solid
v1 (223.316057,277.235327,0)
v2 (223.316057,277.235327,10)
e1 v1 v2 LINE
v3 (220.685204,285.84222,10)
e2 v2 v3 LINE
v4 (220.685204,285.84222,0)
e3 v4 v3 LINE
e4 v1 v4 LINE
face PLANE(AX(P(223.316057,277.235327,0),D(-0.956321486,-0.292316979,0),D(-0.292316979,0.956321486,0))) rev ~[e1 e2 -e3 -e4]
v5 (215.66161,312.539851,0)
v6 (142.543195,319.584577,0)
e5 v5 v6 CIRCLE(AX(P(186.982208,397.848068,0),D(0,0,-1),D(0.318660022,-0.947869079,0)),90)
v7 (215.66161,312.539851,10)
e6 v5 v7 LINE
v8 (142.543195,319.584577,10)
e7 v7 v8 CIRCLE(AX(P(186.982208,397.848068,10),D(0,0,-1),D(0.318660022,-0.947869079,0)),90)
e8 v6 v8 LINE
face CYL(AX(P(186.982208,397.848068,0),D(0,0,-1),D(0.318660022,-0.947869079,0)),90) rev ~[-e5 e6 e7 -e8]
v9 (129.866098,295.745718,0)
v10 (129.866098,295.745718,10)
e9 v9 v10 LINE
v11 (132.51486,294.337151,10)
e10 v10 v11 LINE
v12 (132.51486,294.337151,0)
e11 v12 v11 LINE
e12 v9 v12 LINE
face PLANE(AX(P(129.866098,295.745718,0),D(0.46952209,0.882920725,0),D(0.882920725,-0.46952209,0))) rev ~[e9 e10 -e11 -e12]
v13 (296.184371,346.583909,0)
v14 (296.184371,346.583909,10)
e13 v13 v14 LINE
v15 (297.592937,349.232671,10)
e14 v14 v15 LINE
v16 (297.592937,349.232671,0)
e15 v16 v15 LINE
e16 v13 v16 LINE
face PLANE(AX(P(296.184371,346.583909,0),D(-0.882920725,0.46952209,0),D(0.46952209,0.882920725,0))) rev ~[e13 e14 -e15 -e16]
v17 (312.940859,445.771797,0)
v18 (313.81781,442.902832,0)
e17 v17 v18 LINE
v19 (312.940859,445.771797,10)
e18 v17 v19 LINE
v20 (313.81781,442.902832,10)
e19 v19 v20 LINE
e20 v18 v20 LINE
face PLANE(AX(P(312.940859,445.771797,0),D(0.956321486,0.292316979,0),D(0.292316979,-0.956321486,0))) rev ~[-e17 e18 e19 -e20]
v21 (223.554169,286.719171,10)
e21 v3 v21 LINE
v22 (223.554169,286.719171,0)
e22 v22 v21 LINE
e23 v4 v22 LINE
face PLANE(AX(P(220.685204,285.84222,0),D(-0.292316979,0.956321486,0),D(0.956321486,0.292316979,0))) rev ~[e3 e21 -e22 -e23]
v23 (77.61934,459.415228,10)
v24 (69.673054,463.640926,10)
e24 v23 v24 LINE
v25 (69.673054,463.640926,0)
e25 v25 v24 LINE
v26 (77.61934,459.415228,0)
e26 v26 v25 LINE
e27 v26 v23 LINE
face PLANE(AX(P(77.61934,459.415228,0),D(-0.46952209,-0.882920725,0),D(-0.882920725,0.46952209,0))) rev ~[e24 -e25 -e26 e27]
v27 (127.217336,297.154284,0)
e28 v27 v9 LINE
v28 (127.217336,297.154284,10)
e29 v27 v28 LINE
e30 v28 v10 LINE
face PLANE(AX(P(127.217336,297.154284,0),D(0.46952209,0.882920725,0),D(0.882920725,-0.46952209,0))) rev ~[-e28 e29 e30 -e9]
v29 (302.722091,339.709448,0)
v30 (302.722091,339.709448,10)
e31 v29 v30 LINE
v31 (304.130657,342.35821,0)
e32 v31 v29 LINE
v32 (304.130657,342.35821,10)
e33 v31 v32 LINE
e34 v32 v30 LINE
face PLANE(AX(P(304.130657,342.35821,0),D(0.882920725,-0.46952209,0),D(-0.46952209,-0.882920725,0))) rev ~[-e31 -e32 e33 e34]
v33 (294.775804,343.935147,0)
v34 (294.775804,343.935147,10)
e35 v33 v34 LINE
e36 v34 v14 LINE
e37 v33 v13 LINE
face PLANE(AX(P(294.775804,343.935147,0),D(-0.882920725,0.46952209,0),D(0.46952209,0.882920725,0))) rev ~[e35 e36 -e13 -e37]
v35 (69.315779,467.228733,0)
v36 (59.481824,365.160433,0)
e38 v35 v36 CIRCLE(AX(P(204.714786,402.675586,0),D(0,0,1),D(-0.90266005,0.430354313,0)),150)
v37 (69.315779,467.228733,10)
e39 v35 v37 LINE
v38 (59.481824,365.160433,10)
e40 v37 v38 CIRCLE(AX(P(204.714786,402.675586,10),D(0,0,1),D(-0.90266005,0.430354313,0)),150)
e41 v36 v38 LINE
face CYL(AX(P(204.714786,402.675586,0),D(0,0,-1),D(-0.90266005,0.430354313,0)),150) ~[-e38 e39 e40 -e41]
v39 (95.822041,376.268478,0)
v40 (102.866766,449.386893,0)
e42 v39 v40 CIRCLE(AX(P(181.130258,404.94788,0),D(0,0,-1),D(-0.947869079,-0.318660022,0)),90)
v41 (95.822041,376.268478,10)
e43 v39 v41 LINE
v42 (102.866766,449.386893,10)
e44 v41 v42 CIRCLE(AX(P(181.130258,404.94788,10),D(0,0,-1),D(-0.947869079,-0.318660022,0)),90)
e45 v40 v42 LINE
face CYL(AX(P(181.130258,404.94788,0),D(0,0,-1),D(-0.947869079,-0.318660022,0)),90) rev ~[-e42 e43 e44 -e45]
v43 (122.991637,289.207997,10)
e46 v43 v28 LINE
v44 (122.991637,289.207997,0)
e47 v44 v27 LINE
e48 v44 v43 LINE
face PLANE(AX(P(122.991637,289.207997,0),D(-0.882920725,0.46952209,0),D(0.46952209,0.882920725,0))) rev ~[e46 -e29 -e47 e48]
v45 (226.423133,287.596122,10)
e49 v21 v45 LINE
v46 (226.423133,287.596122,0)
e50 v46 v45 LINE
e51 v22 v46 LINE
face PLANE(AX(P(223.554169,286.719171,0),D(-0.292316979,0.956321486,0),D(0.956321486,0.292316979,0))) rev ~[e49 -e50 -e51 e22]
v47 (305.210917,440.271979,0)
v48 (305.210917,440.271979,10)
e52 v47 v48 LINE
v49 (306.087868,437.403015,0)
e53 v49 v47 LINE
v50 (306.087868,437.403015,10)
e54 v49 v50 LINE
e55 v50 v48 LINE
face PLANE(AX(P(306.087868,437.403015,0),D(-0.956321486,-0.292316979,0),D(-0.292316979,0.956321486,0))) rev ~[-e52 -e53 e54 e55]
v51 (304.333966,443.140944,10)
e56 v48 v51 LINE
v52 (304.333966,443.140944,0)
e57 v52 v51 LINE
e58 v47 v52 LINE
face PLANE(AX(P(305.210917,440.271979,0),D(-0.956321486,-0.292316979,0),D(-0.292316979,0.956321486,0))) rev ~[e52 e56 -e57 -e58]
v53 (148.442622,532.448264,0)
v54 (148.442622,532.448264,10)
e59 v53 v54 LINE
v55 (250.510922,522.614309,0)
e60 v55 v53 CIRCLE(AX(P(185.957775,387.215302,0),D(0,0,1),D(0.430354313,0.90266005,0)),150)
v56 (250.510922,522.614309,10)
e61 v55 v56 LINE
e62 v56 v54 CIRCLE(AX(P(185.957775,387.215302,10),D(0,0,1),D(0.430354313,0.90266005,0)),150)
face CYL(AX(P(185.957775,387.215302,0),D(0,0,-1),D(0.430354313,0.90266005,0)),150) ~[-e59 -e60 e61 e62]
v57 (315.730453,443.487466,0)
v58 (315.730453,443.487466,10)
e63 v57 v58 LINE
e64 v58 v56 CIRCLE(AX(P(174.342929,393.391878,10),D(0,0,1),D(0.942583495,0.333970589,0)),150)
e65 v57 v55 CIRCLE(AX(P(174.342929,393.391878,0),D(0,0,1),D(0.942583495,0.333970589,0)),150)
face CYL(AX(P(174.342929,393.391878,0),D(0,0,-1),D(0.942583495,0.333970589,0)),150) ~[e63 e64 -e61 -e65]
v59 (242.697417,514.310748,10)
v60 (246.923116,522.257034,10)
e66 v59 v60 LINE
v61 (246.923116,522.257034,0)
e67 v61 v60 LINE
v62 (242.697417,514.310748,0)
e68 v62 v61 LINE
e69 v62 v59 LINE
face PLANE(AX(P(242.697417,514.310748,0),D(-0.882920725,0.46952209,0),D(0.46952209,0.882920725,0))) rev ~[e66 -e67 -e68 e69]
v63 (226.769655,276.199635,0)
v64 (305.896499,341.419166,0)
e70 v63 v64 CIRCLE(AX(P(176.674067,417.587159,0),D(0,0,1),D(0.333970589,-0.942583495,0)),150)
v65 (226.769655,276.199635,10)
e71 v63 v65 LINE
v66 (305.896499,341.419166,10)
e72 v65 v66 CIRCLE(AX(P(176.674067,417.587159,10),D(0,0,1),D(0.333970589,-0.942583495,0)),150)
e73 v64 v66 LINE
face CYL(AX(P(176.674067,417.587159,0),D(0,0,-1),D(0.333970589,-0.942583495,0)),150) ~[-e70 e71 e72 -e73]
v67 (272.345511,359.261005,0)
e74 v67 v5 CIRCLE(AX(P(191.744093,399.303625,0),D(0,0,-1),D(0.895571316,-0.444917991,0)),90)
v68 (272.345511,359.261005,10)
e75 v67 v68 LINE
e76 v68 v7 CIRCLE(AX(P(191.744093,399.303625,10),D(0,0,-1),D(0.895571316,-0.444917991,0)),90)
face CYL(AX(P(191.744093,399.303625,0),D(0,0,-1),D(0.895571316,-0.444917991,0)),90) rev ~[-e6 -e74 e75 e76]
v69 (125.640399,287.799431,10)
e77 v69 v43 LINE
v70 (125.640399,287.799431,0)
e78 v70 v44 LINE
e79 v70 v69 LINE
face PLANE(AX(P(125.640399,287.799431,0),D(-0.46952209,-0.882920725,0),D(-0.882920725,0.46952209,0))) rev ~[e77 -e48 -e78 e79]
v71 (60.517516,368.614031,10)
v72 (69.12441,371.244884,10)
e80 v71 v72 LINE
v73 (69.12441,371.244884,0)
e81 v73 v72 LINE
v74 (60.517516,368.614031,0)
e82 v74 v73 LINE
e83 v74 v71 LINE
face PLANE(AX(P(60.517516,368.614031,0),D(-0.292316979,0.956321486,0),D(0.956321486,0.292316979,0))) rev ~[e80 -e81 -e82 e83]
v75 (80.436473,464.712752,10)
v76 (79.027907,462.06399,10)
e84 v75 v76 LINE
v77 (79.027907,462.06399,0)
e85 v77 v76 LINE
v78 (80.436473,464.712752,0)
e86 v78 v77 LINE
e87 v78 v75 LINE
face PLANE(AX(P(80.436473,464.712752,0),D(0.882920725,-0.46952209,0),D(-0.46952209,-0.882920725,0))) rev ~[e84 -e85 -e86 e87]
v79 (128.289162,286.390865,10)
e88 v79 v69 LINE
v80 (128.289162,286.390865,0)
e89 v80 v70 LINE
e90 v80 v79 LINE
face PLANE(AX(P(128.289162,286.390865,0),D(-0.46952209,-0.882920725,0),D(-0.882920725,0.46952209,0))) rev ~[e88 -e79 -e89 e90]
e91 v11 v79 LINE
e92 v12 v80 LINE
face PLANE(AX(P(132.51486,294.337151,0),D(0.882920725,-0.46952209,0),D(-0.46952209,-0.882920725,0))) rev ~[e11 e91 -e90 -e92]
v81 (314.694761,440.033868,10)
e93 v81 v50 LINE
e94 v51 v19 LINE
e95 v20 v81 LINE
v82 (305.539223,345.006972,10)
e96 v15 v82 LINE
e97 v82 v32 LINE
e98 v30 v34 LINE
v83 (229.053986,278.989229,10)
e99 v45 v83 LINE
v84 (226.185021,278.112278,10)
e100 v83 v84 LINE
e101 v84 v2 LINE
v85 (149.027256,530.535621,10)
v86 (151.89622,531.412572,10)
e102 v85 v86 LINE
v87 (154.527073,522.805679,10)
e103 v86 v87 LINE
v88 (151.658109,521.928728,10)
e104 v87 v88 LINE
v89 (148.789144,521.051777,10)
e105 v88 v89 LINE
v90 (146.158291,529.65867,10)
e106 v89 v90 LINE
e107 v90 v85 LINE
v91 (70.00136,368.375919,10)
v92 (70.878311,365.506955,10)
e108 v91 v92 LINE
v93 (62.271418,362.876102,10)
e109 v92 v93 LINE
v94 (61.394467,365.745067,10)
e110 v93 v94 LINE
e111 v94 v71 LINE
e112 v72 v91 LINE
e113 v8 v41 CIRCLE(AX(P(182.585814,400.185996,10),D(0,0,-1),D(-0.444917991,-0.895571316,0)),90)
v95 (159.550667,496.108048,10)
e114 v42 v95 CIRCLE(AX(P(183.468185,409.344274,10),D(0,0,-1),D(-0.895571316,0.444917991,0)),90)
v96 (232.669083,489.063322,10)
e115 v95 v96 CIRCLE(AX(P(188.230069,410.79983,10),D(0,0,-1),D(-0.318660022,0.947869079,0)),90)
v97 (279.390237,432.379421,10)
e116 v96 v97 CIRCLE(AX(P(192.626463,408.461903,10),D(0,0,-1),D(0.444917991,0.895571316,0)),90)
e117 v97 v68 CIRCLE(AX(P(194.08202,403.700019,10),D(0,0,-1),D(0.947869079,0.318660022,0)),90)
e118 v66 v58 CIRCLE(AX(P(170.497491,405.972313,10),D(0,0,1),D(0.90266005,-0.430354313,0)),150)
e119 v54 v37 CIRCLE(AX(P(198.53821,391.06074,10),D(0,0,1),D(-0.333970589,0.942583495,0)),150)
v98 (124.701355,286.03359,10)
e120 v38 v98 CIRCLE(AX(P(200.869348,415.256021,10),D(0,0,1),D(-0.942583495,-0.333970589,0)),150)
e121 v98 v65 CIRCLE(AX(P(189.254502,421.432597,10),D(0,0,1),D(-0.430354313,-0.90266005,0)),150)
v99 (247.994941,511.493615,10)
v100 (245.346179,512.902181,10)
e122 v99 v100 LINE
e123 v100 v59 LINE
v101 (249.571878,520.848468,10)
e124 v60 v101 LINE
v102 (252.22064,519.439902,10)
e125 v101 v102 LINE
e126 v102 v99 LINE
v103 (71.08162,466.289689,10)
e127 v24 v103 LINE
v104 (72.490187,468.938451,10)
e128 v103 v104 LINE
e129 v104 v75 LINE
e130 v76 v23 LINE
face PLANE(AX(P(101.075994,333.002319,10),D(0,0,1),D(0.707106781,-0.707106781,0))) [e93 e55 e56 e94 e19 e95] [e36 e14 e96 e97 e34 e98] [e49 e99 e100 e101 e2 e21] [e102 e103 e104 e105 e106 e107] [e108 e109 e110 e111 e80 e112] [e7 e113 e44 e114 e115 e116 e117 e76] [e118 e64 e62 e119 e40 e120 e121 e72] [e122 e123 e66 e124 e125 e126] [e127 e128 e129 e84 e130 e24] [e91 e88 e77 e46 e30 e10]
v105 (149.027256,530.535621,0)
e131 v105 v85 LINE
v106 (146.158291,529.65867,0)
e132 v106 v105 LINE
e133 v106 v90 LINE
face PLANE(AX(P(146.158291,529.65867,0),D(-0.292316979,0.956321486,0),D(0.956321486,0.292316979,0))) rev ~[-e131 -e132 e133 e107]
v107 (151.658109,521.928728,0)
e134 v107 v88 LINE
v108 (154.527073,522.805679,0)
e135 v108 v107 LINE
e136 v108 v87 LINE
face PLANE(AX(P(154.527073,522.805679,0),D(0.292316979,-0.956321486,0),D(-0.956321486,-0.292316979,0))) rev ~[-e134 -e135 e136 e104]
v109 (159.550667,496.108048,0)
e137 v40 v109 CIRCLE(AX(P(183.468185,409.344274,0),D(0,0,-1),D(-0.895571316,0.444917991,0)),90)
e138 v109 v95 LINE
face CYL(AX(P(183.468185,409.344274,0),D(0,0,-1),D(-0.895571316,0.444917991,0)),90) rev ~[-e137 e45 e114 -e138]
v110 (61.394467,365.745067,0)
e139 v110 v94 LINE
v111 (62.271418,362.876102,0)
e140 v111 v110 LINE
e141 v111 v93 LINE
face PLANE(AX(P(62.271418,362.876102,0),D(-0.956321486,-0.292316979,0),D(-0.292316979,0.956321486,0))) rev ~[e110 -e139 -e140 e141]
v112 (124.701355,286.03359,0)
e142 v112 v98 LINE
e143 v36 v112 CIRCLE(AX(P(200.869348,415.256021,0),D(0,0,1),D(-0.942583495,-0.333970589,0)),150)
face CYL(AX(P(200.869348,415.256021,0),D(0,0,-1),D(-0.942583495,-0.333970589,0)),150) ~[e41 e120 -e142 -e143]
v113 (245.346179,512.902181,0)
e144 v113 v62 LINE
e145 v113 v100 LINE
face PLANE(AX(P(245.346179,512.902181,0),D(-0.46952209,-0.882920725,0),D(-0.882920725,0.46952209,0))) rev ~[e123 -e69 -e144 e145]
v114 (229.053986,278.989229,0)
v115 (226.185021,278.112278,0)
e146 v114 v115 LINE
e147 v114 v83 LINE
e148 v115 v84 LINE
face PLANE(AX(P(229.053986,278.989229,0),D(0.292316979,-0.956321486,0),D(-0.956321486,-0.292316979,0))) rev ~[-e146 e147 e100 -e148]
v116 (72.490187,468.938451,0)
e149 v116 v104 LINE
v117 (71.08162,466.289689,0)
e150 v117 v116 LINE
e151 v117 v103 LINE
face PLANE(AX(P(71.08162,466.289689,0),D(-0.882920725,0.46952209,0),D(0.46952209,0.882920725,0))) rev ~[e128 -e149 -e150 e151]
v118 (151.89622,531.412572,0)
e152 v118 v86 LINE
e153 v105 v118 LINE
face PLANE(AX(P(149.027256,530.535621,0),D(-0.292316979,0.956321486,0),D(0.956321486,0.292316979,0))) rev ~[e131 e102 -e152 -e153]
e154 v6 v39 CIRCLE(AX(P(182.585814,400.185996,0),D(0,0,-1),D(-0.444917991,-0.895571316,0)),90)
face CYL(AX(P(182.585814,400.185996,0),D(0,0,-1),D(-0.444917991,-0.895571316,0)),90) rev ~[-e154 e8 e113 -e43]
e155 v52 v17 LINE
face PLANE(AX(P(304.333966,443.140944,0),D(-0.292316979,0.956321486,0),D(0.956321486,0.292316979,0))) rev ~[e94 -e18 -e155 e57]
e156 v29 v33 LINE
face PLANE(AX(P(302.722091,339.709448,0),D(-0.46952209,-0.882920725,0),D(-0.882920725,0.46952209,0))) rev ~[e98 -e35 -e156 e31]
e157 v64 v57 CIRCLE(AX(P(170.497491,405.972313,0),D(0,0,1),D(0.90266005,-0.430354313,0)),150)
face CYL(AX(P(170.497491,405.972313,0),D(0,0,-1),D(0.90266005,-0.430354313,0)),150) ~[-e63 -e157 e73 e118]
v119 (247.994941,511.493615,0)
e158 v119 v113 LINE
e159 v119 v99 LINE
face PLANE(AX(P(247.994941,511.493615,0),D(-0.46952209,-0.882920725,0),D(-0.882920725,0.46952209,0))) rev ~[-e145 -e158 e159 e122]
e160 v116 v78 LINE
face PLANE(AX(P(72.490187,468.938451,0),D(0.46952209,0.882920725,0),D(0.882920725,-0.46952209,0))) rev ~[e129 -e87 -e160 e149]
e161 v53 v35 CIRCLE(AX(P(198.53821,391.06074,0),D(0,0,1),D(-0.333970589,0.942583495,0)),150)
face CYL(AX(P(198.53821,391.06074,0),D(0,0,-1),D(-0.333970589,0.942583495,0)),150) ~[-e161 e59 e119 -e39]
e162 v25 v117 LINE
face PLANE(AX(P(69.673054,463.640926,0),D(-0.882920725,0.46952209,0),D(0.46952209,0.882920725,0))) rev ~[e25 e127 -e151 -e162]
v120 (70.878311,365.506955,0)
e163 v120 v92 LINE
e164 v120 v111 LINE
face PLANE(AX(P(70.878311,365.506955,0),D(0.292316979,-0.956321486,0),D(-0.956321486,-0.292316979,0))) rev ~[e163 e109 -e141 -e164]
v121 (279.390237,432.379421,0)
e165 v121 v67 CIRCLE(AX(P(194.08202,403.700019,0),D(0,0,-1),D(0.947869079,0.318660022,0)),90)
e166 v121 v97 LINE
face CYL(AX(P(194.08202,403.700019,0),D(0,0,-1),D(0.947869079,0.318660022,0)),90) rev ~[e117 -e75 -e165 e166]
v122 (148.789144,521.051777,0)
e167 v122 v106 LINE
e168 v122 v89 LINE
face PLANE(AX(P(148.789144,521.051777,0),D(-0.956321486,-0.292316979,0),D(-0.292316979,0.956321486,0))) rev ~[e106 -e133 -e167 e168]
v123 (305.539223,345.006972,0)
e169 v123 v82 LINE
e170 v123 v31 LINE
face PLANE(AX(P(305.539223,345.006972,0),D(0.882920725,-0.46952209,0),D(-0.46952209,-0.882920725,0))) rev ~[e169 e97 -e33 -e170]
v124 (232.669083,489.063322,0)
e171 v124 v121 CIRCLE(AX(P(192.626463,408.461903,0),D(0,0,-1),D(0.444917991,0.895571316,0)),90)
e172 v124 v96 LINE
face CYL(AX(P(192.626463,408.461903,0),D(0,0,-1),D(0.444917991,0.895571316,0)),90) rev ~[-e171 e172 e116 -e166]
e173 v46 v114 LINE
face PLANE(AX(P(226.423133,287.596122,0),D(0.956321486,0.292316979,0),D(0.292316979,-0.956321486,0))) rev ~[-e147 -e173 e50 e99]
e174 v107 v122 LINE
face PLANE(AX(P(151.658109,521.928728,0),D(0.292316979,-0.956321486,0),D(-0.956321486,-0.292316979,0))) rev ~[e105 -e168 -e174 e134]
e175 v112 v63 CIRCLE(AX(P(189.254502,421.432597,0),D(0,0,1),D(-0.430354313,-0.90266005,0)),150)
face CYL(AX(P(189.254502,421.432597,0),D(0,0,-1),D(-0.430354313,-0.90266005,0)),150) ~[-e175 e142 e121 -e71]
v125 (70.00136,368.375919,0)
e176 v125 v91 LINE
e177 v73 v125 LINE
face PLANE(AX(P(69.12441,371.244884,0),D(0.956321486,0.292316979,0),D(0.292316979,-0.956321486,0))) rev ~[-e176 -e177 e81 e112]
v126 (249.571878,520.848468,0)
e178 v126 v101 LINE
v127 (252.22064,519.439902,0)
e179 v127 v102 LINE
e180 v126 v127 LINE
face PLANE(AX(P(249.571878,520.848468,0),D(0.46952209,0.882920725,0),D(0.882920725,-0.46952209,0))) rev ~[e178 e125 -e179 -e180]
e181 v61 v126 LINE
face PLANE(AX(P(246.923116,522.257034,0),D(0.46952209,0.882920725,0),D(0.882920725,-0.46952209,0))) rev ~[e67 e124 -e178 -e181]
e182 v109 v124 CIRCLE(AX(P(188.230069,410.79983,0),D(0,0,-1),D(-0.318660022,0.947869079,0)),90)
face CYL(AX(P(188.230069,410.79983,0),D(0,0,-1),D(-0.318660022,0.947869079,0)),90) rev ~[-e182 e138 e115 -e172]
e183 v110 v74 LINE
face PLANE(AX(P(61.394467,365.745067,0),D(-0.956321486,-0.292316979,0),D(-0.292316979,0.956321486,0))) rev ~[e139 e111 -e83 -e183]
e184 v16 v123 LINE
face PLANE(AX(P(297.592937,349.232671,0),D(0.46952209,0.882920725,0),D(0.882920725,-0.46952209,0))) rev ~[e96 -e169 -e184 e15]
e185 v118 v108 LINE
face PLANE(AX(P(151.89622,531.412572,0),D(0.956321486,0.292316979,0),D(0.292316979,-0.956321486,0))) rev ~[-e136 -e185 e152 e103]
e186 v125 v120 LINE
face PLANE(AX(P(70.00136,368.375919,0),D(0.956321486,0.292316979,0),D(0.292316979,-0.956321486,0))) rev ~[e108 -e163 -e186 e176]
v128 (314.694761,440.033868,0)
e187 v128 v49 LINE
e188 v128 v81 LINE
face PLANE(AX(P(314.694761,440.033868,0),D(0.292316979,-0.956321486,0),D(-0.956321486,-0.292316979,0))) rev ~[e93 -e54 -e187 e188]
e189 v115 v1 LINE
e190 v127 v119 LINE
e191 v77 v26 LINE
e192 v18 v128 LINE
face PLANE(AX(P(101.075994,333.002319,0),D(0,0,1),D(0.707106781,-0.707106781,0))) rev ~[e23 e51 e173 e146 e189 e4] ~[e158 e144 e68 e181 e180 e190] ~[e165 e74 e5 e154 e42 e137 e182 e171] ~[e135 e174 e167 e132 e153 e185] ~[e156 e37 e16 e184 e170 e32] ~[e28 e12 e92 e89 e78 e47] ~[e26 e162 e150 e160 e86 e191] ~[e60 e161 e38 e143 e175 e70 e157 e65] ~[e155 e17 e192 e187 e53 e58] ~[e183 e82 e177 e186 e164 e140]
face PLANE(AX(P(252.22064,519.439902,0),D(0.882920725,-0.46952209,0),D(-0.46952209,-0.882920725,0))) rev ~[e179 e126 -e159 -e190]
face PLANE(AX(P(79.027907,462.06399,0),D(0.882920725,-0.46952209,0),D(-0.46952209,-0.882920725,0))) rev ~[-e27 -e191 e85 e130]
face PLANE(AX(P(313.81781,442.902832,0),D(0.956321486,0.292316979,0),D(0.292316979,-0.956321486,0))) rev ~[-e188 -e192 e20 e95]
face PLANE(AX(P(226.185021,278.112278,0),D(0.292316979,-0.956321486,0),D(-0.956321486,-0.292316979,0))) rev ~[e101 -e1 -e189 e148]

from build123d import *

# Parameters (mm, degrees)
EXTRUDE_1_DEPTH          = 10
PATTERN_CIRCULAR_1_COUNT = 8


with BuildPart() as part:
    # 草图1 → 凸台-拉伸1 (new body)
    with BuildSketch(Plane.XY):
        with BuildLine():
            Line((142.543194713, 319.58457711), (129.866098291, 295.745717525))
            Line((129.866098291, 295.745717525), (132.514860467, 294.337151256))
            Line((132.514860467, 294.337151256), (128.28916166, 286.390864728))
            Line((128.28916166, 286.390864728), (125.640399483, 287.799430997))
            Line((125.640399483, 287.799430997), (124.701355304, 286.033589546))
            ThreePointArc((124.701355304, 286.033589546), (174.869094963, 272.123990236), (226.769655421, 276.199634915))
            Line((226.769655421, 276.199634915), (226.185021463, 278.112277886))
            Line((226.185021463, 278.112277886), (223.316057006, 277.23532695))
            Line((223.316057006, 277.23532695), (220.685204199, 285.842220321))
            Line((220.685204199, 285.842220321), (223.554168656, 286.719171257))
            Line((223.554168656, 286.719171257), (215.661610233, 312.539851371))
            ThreePointArc((215.661610233, 312.539851371), (178.350963885, 308.262904384), (142.543194713, 319.58457711))
        make_face()
    extrude_1 = extrude(amount=EXTRUDE_1_DEPTH)

    # 阵列(圆周)1: 凸台-拉伸1 ×8 about axis
    pattern_circular_1_axis = Axis((187.606138684, 404.323949445, 10), (0, 0, -1))
    for i in range(1, PATTERN_CIRCULAR_1_COUNT):
        add(extrude_1.rotate(pattern_circular_1_axis, i * 360 / PATTERN_CIRCULAR_1_COUNT))


solid = part.part
